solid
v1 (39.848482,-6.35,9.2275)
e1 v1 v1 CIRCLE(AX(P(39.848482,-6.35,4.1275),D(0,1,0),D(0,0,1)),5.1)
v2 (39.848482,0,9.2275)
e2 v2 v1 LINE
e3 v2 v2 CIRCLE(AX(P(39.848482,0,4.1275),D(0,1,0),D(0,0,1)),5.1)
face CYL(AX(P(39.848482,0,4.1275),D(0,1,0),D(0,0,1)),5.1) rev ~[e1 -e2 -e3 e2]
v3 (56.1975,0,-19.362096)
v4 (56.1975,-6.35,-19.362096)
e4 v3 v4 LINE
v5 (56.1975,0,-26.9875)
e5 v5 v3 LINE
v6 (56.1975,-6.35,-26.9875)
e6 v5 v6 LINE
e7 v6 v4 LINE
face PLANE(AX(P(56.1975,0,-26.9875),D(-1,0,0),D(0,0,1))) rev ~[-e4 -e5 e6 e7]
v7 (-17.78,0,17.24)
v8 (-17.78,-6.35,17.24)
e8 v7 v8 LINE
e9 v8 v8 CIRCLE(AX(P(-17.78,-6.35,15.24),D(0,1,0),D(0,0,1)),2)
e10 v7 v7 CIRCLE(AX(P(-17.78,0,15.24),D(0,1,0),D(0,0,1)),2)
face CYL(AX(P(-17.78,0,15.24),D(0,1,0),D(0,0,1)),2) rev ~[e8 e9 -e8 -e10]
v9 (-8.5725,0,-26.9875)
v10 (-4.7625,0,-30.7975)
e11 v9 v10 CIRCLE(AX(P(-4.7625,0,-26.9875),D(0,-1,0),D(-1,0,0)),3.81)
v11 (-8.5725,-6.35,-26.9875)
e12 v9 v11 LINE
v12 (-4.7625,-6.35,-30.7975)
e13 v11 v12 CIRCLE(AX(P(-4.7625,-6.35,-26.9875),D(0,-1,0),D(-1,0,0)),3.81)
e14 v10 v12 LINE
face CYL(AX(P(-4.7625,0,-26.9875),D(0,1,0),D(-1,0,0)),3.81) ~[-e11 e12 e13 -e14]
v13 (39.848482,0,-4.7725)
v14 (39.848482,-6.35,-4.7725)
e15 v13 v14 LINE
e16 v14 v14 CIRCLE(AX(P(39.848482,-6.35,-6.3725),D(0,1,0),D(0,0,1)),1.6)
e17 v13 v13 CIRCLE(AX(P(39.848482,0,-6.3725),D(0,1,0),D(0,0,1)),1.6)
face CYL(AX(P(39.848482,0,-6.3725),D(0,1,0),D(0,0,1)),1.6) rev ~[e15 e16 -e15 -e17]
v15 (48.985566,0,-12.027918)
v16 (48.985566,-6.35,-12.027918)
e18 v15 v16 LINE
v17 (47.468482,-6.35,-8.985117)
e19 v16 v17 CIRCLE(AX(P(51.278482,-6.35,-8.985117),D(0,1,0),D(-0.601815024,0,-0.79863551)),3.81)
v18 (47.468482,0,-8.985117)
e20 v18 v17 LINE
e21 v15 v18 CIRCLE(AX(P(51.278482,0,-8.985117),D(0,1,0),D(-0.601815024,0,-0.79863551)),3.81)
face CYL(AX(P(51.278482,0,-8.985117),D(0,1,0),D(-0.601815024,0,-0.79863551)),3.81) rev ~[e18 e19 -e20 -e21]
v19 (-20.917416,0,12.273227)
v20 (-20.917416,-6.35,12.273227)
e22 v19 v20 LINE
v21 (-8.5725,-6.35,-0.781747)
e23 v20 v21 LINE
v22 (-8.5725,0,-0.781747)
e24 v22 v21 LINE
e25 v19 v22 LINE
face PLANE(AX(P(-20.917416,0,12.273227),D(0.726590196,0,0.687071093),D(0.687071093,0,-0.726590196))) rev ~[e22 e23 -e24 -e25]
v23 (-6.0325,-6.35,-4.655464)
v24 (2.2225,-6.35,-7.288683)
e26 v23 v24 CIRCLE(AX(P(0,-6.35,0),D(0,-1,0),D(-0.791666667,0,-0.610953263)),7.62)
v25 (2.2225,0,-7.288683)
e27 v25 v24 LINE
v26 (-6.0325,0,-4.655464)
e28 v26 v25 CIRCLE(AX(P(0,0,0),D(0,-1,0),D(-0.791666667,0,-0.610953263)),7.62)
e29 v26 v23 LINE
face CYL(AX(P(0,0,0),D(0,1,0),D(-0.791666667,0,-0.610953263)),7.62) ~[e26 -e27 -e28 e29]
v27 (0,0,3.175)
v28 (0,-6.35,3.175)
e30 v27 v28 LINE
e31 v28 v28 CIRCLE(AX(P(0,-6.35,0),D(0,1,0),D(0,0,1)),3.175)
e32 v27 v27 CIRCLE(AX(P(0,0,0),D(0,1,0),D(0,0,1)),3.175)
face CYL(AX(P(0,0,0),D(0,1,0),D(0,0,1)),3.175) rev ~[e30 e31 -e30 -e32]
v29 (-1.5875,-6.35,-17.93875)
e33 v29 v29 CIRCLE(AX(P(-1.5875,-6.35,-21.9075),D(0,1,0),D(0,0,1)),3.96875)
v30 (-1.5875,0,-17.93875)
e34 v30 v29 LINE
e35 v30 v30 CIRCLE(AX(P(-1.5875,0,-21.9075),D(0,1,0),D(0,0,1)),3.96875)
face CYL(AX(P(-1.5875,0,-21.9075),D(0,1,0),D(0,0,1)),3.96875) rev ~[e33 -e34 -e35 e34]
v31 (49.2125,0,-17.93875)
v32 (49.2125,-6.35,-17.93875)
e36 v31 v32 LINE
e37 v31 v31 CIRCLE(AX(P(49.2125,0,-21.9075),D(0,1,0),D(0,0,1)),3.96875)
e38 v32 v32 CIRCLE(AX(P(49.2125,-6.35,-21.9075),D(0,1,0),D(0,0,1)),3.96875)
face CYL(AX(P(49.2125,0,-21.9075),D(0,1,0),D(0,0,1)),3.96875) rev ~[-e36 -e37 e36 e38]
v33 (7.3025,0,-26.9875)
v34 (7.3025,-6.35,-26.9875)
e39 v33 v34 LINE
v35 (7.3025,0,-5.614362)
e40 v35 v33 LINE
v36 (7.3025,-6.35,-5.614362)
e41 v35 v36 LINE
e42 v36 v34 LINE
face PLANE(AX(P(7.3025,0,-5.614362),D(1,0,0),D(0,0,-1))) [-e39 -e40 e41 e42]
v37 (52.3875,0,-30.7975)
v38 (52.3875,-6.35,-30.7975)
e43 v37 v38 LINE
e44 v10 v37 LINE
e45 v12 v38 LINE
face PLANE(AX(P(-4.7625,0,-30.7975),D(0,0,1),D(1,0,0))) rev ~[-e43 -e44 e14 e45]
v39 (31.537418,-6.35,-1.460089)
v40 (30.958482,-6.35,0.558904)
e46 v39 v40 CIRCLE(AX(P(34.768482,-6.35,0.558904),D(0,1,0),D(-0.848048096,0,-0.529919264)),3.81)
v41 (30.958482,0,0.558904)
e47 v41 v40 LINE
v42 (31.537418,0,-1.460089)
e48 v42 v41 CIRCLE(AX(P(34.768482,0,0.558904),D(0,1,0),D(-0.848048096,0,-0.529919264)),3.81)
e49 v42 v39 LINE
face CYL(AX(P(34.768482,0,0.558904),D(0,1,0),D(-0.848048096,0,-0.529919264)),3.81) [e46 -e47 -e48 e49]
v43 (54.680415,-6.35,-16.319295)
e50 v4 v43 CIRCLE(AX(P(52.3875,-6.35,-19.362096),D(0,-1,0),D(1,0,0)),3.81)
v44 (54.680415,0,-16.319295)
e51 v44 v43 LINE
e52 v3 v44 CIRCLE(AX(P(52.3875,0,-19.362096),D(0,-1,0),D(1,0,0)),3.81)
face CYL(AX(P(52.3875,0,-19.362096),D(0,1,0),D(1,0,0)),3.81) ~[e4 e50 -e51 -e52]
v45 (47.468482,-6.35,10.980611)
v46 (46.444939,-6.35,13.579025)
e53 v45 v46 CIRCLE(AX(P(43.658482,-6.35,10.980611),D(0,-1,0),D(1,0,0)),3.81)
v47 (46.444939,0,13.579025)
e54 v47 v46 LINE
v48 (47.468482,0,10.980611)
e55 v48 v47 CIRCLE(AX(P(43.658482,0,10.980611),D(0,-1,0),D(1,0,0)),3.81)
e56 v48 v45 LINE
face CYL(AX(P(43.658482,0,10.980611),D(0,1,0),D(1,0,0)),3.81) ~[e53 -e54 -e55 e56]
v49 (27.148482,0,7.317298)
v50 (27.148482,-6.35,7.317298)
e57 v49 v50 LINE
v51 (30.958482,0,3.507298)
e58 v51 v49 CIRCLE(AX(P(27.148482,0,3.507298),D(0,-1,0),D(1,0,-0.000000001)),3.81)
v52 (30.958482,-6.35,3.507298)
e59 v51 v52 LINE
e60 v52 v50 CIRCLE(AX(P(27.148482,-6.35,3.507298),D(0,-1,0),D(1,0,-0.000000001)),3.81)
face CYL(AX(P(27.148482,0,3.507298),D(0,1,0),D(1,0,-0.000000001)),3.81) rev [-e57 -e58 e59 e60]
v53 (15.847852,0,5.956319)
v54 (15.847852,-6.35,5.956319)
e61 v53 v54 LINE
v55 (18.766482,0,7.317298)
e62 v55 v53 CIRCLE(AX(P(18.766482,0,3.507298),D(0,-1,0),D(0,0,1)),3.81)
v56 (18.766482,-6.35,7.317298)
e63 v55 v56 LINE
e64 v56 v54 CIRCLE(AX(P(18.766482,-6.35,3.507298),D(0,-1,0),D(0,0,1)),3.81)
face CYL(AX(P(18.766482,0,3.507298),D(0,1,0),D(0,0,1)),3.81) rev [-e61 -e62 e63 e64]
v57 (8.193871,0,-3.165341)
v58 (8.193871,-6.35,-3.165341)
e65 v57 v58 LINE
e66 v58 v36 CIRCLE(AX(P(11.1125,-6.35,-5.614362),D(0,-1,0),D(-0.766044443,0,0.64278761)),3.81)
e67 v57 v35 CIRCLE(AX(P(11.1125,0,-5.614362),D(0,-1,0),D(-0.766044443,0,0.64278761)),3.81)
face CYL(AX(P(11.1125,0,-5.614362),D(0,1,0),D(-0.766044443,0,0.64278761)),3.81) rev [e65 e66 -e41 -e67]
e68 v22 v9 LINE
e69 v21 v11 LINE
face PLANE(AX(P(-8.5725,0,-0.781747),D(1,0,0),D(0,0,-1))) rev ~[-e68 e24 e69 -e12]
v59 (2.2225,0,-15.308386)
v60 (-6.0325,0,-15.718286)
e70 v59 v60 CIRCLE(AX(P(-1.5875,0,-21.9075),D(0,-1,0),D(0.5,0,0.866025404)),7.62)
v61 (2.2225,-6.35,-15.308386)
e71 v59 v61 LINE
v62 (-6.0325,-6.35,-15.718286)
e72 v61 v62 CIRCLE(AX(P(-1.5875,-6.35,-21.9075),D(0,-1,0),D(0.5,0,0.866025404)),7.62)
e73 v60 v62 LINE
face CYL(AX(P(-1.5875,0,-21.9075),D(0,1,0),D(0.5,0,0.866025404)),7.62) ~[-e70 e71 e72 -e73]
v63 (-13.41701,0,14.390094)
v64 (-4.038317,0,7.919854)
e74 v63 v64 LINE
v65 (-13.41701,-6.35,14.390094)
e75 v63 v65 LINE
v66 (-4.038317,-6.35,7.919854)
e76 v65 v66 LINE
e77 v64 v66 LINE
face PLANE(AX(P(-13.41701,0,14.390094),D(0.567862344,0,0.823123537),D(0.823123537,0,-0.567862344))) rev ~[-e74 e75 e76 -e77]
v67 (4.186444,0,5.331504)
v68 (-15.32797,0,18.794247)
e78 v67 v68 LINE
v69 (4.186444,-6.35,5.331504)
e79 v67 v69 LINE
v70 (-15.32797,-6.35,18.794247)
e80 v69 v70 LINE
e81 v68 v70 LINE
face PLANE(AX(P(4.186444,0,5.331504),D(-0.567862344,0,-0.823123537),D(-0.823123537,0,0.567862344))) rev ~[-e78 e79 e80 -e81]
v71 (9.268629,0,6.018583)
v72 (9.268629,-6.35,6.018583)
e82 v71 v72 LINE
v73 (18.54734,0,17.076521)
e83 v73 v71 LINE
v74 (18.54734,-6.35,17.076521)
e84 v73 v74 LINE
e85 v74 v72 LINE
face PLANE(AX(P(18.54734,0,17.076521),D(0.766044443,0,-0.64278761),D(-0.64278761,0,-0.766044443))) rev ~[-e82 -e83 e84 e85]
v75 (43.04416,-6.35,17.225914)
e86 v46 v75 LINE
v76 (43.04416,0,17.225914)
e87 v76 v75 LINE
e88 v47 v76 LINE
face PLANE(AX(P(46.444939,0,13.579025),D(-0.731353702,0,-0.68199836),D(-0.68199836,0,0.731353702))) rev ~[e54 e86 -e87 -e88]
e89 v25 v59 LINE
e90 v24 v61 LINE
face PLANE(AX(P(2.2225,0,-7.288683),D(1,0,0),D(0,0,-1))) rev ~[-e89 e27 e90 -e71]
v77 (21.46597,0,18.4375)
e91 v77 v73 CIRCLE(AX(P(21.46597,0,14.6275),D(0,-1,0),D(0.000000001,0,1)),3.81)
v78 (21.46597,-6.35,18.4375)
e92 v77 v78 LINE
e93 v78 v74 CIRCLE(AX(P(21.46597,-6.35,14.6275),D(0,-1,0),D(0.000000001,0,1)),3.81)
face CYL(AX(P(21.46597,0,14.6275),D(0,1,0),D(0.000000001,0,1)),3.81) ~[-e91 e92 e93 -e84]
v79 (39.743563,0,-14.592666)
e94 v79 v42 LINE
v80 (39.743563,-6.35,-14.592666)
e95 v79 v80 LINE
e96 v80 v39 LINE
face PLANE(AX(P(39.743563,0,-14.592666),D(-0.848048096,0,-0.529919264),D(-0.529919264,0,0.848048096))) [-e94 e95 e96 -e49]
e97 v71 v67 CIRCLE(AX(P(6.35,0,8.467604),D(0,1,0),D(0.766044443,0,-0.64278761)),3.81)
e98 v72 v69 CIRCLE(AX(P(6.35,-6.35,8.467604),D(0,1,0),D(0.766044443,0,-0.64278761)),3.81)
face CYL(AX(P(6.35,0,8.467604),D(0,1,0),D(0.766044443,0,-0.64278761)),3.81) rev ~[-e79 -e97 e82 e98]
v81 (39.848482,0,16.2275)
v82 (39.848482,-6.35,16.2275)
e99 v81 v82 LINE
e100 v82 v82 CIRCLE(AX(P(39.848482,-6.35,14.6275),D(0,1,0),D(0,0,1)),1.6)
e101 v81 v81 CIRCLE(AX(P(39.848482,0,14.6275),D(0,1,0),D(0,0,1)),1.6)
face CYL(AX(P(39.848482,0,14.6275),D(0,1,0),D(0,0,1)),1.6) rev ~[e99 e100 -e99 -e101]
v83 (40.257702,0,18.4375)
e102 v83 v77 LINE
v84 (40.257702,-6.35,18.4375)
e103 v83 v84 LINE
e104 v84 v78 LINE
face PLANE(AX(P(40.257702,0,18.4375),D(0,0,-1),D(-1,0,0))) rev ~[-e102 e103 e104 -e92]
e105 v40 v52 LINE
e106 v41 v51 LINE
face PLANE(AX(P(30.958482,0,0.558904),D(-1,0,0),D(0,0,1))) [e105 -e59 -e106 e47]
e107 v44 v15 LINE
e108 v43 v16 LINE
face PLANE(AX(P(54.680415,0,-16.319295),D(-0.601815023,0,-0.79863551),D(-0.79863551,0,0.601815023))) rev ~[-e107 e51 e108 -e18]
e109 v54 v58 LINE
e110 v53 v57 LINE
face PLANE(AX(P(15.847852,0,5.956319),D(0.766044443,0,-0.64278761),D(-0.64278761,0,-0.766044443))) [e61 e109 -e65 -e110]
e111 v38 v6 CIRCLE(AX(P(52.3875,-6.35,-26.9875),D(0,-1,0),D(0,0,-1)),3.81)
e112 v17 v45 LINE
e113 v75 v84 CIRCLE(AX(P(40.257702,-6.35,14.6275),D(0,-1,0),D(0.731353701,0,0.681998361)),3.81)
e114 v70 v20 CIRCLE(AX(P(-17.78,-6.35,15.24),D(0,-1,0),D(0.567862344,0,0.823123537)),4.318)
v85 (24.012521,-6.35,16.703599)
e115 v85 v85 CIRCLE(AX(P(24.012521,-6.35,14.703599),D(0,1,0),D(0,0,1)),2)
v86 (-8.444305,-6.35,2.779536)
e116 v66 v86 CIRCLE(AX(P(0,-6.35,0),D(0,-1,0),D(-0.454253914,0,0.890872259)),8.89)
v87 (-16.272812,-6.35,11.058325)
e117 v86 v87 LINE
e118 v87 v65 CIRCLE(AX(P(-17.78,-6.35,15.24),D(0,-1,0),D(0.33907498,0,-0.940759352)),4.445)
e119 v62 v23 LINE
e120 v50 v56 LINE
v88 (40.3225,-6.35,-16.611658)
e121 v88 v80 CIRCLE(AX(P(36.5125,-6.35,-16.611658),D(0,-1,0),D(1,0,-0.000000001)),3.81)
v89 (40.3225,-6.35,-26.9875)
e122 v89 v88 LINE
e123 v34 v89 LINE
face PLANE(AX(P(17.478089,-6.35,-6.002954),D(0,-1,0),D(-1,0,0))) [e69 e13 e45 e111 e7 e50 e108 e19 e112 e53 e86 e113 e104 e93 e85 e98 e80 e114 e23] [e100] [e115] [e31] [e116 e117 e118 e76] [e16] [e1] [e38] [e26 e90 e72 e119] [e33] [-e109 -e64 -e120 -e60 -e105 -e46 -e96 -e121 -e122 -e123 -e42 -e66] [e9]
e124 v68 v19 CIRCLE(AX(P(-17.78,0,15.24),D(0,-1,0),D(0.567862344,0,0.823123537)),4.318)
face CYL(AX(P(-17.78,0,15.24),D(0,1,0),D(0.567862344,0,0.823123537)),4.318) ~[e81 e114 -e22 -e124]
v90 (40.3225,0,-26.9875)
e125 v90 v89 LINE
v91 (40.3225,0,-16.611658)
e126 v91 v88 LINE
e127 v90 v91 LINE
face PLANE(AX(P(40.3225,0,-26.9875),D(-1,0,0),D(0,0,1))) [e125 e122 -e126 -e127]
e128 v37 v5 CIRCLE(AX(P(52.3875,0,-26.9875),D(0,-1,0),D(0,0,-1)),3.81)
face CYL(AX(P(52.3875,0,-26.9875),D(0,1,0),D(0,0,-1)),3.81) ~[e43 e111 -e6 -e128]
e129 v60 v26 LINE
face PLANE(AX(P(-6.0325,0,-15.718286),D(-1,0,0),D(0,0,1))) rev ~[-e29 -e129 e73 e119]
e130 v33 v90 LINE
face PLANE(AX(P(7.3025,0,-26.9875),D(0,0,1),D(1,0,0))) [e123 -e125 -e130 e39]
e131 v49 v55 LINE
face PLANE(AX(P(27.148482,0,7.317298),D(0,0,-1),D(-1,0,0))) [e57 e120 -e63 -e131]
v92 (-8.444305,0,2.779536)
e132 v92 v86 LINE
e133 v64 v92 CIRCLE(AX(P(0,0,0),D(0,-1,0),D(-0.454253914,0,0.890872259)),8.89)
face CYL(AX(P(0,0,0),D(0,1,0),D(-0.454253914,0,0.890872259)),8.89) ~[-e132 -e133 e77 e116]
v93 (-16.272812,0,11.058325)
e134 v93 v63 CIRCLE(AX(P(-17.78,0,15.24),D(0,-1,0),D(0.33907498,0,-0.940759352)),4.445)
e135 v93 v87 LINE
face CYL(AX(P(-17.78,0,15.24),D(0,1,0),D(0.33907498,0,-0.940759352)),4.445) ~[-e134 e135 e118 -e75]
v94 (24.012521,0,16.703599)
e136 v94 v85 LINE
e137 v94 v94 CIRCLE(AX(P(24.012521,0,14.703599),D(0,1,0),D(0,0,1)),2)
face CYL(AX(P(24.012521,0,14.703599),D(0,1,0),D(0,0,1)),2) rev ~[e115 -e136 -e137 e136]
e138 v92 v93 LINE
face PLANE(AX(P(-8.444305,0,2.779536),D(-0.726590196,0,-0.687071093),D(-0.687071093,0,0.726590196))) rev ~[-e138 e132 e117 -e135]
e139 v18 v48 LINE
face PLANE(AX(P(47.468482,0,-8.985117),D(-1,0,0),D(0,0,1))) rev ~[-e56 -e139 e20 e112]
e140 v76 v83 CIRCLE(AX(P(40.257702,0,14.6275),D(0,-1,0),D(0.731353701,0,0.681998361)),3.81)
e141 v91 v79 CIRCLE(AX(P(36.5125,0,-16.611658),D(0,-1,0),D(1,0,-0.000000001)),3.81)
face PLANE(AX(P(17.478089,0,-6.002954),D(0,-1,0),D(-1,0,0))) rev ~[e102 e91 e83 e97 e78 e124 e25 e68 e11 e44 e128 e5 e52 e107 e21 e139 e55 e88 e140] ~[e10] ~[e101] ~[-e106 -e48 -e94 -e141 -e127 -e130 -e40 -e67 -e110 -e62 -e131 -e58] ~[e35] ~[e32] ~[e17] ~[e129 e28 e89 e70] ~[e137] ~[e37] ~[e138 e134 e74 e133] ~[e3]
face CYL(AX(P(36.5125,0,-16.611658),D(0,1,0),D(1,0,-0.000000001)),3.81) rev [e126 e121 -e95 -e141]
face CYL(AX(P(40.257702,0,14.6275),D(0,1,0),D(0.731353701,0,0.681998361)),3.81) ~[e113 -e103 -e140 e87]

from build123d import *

# Parameters (mm, degrees)
SKETCH4_R           = 3.175
SKETCH4_R_2         = 3.96875
SKETCH4_R_3         = 5.1
SKETCH4_R_4         = 1.6
SKETCH4_R_5         = 2
BOSS_EXTRUDE2_DEPTH = 6.35


with BuildPart() as part:
    # Sketch4 → Boss-Extrude2 (new body)
    with BuildSketch(Plane(origin=(0, 0, 0), x_dir=(1, 0, 0), z_dir=(0, 1, 0))):
        with BuildLine():
            Line((40.257702493, -18.4375), (21.46596982, -18.4375))
            ThreePointArc((21.46596982, -18.4375), (19.855794242, -18.080532669), (18.547340491, -17.076520793))
            Line((18.547340491, -17.076520793), (9.268629328, -6.01858343))
            ThreePointArc((9.268629328, -6.01858343), (6.86044471, -4.691952465), (4.186444468, -5.331503545))
            Line((4.186444468, -5.331503545), (-15.327970397, -18.794247435))
            ThreePointArc((-15.327970397, -18.794247435), (-21.058470009, -18.050117151), (-20.917416467, -12.27322702))
            Line((-20.917416467, -12.27322702), (-8.5725, 0.781747009))
            Line((-8.5725, 0.781747009), (-8.5725, 26.9875))
            ThreePointArc((-8.5725, 26.9875), (-7.456576836, 29.681576836), (-4.7625, 30.7975))
            Line((-4.7625, 30.7975), (52.3875, 30.7975))
            ThreePointArc((52.3875, 30.7975), (55.081576836, 29.681576836), (56.1975, 26.9875))
            Line((56.1975, 26.9875), (56.1975, 19.362095927))
            ThreePointArc((56.1975, 19.362095927), (55.797199918, 17.662082259), (54.680415238, 16.319294633))
            Line((54.680415238, 16.319294633), (48.985566477, 12.027918285))
            ThreePointArc((48.985566477, 12.027918285), (47.868781798, 10.685130659), (47.468481715, 8.985116992))
            Line((47.468481715, 8.985116992), (47.468481715, -10.980610773))
            ThreePointArc((47.468481715, -10.980610773), (47.203372649, -12.376980446), (46.444939319, -13.579024524))
            Line((46.444939319, -13.579024524), (43.044160097, -17.225913752))
            ThreePointArc((43.044160097, -17.225913752), (41.776936446, -18.121498883), (40.257702493, -18.4375))
        make_face()
        with Locations(Location((0, 0, 0), (0, 0, 270))):
            Circle(SKETCH4_R, mode=Mode.SUBTRACT)
        with Locations(Location((-1.5875, 21.9075, 0), (0, 0, 270))):
            Circle(SKETCH4_R_2, mode=Mode.SUBTRACT)
        with Locations(Location((49.2125, 21.9075, 0), (0, 0, 270))):
            Circle(SKETCH4_R_2, mode=Mode.SUBTRACT)
        with Locations(Location((39.848481715, -4.1275, 0), (0, 0, 270))):
            Circle(SKETCH4_R_3, mode=Mode.SUBTRACT)
        with Locations(Location((39.848481715, -14.6275, 0), (0, 0, 270))):
            Circle(SKETCH4_R_4, mode=Mode.SUBTRACT)
        with Locations(Location((39.848481715, 6.3725, 0), (0, 0, 270))):
            Circle(SKETCH4_R_4, mode=Mode.SUBTRACT)
        with Locations(Location((24.012521227, -14.703599027, 0), (0, 0, 270))):
            Circle(SKETCH4_R_5, mode=Mode.SUBTRACT)
        with Locations(Location((-17.78, -15.24, 0), (0, 0, 270))):
            Circle(SKETCH4_R_5, mode=Mode.SUBTRACT)
        with BuildLine():
            Line((40.3225, 26.9875), (40.3225, 16.611657969))
            ThreePointArc((40.3225, 16.611657969), (40.174907062, 15.561479644), (39.743563246, 14.592665573))
            Line((39.743563246, 14.592665573), (31.537418469, 1.460088735))
            ThreePointArc((31.537418469, 1.460088735), (31.106074654, 0.491274664), (30.958481715, -0.558903662))
            Line((30.958481715, -0.558903662), (30.958481715, -3.507298313))
            ThreePointArc((30.958481715, -3.507298313), (29.842558552, -6.20137515), (27.148481715, -7.317298313))
            Line((27.148481715, -7.317298313), (18.766481715, -7.317298313))
            ThreePointArc((18.766481715, -7.317298313), (17.156306138, -6.960330982), (15.847852387, -5.956319106))
            Line((15.847852387, -5.956319106), (8.193870672, 3.165341101))
            ThreePointArc((8.193870672, 3.165341101), (7.532271115, 4.311265148), (7.3025, 5.614361894))
            Line((7.3025, 5.614361894), (7.3025, 26.9875))
            Line((7.3025, 26.9875), (40.3225, 26.9875))
        make_face(mode=Mode.SUBTRACT)
        with BuildLine():
            Line((-13.417009712, -14.390093684), (-4.038317295, -7.919854381))
            ThreePointArc((-4.038317295, -7.919854381), (-6.749791195, -5.78553531), (-8.444304622, -2.779535833))
            Line((-8.444304622, -2.779535833), (-16.272811714, -11.058324681))
            ThreePointArc((-16.272811714, -11.058324681), (-14.405104402, -12.347232345), (-13.417009712, -14.390093684))
        make_face(mode=Mode.SUBTRACT)
        with BuildLine():
            Line((2.2225, 7.28868258), (2.2225, 15.308386423))
            ThreePointArc((2.2225, 15.308386423), (-1.965402874, 14.296876542), (-6.0325, 15.718285591))
            Line((-6.0325, 15.718285591), (-6.0325, 4.65546386))
            ThreePointArc((-6.0325, 4.65546386), (-2.315704041, 7.259608446), (2.2225, 7.28868258))
        make_face(mode=Mode.SUBTRACT)
    extrude(amount=-BOSS_EXTRUDE2_DEPTH)


solid = part.part
